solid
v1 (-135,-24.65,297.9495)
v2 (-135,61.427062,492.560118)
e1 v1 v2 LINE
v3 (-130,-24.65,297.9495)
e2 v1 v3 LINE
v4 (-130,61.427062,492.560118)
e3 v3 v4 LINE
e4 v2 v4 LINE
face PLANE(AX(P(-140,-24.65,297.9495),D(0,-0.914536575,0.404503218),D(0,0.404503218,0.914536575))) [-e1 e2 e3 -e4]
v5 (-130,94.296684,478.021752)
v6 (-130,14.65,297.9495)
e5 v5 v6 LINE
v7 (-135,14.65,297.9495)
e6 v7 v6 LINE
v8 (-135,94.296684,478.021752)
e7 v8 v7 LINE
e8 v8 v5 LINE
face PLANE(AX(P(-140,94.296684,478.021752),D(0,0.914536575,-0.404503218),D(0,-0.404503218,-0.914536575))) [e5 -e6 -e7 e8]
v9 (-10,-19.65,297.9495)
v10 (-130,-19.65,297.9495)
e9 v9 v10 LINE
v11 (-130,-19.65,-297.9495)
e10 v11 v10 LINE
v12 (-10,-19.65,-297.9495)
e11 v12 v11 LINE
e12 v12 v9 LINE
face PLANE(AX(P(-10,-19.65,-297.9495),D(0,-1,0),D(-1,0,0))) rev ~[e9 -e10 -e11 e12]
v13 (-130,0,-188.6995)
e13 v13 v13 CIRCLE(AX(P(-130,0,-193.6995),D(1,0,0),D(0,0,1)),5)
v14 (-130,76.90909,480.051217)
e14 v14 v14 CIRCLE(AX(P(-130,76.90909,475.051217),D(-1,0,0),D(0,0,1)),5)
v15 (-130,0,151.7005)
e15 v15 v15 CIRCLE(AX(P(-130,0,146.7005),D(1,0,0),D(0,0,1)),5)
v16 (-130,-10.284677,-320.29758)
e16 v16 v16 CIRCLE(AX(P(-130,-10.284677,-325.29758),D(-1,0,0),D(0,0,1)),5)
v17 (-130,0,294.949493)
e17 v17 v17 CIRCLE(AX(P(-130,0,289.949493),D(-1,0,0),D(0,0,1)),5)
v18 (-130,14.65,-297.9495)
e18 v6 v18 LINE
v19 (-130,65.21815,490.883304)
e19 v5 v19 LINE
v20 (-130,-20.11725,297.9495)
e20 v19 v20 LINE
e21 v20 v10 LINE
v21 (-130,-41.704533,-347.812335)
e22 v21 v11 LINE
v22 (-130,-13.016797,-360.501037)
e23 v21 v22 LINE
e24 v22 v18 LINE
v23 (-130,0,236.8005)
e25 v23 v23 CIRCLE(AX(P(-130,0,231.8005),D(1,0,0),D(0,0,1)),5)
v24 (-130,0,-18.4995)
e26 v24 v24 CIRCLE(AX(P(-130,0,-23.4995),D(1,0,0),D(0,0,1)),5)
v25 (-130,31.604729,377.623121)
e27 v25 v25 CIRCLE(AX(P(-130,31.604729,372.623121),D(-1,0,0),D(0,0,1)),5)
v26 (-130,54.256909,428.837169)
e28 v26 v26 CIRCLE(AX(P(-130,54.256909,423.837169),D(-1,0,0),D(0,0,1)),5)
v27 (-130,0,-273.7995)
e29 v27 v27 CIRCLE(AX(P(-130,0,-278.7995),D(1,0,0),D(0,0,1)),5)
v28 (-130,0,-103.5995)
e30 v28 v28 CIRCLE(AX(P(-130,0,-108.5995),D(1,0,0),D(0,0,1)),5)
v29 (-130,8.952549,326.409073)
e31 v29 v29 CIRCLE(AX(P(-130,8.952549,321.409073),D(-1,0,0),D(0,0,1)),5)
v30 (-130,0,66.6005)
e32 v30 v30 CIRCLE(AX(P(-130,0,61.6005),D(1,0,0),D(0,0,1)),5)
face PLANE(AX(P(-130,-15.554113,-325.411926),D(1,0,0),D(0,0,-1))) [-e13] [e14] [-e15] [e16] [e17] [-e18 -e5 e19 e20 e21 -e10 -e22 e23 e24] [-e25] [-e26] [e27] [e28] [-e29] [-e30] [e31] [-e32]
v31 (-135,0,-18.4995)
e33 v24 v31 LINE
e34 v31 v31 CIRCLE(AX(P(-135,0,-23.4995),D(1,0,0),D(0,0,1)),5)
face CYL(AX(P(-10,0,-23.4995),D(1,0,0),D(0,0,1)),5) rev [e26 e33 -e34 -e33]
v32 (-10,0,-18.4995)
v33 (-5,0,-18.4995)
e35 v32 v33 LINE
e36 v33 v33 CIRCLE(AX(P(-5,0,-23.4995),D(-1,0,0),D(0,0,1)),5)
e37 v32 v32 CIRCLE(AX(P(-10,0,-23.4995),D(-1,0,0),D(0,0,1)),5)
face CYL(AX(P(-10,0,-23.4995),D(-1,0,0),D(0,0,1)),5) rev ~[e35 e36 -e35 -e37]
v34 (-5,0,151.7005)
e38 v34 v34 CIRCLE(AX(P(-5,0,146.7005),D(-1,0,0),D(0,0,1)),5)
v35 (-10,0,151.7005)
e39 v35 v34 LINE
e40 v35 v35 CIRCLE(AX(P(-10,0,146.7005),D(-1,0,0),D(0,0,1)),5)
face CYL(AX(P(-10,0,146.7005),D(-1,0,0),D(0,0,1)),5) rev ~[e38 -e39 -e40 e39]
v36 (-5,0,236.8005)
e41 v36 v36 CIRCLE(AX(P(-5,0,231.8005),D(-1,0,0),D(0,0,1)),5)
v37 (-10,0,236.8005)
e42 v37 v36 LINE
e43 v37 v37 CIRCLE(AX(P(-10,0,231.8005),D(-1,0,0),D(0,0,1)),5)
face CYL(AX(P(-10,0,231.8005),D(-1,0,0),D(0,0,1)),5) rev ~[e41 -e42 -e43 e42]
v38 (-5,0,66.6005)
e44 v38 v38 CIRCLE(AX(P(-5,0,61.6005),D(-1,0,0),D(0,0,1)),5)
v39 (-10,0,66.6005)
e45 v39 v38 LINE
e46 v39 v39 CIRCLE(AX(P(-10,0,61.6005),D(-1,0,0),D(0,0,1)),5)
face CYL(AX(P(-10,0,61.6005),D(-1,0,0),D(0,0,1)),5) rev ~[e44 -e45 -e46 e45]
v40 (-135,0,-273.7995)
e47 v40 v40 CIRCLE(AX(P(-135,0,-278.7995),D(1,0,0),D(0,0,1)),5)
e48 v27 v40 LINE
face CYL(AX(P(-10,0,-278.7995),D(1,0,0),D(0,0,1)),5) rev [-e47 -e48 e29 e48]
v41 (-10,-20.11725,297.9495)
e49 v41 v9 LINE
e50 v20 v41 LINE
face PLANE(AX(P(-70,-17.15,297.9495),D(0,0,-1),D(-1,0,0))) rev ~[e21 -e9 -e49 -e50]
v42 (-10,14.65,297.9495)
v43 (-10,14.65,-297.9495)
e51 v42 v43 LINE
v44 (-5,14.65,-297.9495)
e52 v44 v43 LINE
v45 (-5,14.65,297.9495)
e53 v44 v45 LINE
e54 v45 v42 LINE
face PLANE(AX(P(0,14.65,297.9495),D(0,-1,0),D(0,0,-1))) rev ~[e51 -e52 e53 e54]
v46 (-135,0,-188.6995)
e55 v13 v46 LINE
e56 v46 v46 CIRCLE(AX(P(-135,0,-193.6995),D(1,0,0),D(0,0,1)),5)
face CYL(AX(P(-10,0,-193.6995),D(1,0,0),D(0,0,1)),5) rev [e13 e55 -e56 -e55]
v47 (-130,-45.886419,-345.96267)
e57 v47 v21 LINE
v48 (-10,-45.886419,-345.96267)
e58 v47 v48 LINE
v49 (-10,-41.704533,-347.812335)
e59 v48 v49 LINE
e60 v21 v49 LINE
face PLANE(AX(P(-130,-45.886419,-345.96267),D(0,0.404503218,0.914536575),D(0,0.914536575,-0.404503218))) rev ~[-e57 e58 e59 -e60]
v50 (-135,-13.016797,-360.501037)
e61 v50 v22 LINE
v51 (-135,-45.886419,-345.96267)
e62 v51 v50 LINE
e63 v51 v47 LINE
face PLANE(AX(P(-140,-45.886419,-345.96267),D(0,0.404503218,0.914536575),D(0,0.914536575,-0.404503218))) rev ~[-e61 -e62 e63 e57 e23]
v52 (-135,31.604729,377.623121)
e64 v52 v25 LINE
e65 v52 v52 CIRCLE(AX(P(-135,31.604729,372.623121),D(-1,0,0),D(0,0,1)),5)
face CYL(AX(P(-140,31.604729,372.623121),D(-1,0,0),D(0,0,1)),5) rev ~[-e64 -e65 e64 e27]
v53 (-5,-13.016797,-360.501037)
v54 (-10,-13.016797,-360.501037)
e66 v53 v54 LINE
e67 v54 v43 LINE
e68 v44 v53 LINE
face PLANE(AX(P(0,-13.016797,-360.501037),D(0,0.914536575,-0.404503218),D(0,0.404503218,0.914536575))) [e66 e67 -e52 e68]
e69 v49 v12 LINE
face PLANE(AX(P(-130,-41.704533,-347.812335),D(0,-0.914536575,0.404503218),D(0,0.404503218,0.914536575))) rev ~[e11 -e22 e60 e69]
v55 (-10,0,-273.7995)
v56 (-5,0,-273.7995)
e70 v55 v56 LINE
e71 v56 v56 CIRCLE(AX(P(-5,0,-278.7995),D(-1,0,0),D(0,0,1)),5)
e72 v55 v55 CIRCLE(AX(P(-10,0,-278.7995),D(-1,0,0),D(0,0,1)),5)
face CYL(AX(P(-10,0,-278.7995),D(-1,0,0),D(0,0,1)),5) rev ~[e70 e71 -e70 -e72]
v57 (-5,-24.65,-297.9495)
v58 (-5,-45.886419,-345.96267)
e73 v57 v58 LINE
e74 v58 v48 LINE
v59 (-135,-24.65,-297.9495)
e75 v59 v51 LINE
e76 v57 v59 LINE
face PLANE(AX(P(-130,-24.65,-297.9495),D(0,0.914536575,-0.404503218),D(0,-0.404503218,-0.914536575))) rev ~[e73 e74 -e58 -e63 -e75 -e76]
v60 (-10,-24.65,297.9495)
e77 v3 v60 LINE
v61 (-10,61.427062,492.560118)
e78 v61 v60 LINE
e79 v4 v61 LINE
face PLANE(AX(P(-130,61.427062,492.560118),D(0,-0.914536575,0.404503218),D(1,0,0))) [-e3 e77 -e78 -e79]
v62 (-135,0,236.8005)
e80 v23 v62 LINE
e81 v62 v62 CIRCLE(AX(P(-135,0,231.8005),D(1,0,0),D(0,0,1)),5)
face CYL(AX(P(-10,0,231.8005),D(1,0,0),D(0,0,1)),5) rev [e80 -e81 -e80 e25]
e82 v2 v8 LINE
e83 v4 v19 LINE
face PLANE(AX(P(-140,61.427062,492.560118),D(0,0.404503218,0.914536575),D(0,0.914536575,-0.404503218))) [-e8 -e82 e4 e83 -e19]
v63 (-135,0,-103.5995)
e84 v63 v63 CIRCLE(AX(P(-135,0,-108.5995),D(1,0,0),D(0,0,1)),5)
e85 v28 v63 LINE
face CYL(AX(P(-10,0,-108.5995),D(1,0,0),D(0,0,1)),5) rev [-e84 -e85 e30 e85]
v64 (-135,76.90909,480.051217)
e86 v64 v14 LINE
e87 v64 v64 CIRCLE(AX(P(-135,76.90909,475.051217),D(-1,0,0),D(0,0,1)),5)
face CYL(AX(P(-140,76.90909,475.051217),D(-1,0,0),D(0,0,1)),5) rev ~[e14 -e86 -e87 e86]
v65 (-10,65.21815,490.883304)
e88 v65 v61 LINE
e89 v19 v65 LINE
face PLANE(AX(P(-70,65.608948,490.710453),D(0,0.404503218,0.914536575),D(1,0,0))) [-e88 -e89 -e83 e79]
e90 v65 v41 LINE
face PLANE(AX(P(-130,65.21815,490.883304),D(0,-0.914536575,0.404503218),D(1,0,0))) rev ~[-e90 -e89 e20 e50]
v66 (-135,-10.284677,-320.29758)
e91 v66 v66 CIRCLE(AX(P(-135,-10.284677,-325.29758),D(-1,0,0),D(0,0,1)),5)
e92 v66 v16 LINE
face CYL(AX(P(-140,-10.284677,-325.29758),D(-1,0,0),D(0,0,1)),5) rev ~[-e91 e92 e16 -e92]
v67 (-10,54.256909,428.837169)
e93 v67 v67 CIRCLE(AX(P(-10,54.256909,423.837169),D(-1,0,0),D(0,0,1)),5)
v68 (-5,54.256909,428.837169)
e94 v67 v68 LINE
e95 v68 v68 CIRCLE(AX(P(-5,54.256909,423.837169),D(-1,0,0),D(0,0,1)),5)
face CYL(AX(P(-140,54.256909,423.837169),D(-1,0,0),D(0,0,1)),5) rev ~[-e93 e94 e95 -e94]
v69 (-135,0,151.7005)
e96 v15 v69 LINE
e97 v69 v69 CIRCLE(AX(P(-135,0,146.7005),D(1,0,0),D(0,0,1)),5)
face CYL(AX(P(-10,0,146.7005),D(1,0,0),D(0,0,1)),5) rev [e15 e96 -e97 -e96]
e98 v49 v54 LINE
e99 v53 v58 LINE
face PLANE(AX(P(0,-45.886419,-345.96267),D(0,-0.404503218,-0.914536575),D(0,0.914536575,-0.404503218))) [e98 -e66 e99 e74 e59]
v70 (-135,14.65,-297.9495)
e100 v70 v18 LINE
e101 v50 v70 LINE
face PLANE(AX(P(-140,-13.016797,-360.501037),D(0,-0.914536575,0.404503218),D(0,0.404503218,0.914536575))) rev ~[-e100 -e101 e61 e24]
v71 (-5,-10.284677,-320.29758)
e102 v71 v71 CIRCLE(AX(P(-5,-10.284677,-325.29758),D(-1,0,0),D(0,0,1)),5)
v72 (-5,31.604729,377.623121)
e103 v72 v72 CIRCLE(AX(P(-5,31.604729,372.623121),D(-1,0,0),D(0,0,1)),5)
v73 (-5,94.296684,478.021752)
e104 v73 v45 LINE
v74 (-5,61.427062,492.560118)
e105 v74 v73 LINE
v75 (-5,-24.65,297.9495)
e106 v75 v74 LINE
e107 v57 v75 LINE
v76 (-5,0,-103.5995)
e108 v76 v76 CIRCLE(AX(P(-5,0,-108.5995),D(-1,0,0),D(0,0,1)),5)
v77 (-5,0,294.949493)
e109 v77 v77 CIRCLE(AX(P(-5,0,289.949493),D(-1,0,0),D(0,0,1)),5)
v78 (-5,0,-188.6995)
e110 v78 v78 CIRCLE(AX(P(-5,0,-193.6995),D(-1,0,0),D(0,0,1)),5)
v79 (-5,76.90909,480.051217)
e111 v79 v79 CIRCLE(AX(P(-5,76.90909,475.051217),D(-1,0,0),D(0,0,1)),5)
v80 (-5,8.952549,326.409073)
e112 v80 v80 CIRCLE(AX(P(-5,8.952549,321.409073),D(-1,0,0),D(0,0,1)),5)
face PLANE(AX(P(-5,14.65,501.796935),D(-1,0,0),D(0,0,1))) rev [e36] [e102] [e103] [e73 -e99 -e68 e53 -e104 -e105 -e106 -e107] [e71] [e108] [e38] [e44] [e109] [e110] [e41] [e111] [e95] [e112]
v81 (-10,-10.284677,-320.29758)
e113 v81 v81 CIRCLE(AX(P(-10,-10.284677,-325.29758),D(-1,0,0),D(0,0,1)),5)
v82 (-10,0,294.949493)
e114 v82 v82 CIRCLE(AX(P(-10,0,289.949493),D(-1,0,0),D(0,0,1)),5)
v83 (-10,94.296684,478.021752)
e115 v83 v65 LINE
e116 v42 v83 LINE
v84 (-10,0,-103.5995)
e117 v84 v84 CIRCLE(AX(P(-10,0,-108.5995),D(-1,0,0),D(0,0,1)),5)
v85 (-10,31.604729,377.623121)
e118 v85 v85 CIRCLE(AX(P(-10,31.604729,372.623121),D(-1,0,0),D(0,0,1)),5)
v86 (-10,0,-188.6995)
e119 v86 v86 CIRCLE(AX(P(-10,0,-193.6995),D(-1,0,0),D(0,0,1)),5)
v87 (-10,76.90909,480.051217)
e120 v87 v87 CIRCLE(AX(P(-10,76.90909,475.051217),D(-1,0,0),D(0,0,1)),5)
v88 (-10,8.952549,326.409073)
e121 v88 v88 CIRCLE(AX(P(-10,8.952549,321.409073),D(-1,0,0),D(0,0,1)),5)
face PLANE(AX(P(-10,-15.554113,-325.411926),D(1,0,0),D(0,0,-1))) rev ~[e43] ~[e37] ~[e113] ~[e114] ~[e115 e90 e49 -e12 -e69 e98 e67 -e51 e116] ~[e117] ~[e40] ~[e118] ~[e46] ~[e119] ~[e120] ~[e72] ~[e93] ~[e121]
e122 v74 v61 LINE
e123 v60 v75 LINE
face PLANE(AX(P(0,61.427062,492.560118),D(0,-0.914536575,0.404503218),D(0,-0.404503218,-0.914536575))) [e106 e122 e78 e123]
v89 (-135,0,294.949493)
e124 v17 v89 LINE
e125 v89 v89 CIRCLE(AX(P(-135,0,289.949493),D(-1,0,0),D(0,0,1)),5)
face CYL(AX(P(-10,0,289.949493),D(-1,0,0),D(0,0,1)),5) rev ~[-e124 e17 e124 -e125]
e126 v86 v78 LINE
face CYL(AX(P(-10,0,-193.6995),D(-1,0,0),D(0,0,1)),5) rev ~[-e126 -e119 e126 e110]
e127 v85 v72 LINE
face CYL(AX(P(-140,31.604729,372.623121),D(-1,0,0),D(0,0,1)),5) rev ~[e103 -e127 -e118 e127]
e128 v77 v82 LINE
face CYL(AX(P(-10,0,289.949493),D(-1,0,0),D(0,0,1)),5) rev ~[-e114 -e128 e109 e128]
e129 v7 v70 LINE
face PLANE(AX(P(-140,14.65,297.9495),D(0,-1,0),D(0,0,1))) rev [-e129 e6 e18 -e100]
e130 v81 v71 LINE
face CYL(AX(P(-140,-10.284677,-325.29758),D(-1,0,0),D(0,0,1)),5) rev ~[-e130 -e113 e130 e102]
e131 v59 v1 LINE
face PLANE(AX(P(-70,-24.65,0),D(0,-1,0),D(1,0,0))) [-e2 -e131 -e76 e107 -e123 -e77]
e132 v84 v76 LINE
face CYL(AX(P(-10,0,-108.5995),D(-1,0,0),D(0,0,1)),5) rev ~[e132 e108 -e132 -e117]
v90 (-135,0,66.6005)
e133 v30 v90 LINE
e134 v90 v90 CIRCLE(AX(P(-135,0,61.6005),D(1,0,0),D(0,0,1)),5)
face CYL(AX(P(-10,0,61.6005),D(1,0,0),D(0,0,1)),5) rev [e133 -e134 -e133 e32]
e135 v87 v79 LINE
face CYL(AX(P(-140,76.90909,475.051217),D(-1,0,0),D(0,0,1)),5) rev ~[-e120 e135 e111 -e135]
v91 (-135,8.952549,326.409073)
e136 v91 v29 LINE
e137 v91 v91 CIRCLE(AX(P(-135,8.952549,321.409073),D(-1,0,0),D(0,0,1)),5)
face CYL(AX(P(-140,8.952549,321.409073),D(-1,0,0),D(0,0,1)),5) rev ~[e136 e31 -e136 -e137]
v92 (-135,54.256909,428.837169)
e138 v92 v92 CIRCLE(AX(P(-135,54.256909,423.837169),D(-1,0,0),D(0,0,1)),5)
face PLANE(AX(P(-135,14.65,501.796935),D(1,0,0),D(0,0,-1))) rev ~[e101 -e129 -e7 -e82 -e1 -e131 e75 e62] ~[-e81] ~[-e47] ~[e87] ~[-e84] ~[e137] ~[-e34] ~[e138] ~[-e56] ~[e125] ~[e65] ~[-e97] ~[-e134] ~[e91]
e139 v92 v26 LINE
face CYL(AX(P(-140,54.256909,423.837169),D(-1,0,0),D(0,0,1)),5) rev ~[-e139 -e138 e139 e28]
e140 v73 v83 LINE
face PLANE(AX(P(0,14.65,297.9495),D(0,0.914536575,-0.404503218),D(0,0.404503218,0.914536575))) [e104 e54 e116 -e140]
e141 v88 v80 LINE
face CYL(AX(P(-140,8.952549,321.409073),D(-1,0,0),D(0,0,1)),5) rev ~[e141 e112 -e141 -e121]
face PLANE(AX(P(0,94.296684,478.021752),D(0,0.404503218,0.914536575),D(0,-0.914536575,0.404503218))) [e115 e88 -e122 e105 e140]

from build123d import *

# Parameters (mm, degrees)
SKETCH1_W            = 595.899
SKETCH1_H            = 29.3
BOSS_EXTRUDE1_DEPTH  = 10
SKETCH2_W            = 140
SKETCH2_H            = 595.899
BOSS_EXTRUDE2_DEPTH  = 10
SKETCH4_R            = 5
CUT_EXTRUDE1_DEPTH   = 1000
BOSS_EXTRUDE5_DEPTH  = 10
BOSS_EXTRUDE6_DEPTH  = 10
BOSS_EXTRUDE7_REACH  = 759.768
SKETCH9_W            = 120
SKETCH9_H            = 9.145365746
SKETCH18_W           = 120
SKETCH18_H           = 5
CUT_EXTRUDE4_DEPTH   = 595.899
BOSS_EXTRUDE8_DEPTH  = 10
BOSS_EXTRUDE9_DEPTH  = 10
BOSS_EXTRUDE11_DEPTH = 120
SKETCH15_R           = 5
CUT_EXTRUDE2_DEPTH   = 200
SKETCH16_R           = 5
CUT_EXTRUDE3_DEPTH   = 200
CUT_EXTRUDE5_REACH   = 825.564
SKETCH21_W           = 120
SKETCH21_H           = 5
CUT_EXTRUDE6_DEPTH   = 500


with BuildPart() as part:
    # Sketch1 → Boss-Extrude1 (new body)
    with BuildSketch(Plane(origin=(0, 0, 0), x_dir=(0, 0, -1), z_dir=(1, 0, 0))):
        Rectangle(SKETCH1_W, SKETCH1_H)
    boss_extrude1 = extrude(amount=-BOSS_EXTRUDE1_DEPTH)

    # Sketch2 → Boss-Extrude2 (add)
    with BuildSketch(Plane.XZ.offset(14.65)):
        with Locations((-70, 0)):
            Rectangle(SKETCH2_W, SKETCH2_H)
    extrude(amount=BOSS_EXTRUDE2_DEPTH)

    # Mirror2: Boss-Extrude1 across plane
    add(boss_extrude1.mirror(Plane.ZY.offset(70)))

    # Sketch4 → Cut-Extrude1 (cut, symmetric)
    with BuildSketch(Plane.ZY.offset(10)):
        with Locations((-278.7995, 0)):
            Circle(SKETCH4_R)
        with Locations((-193.6995, 0)):
            Circle(SKETCH4_R)
        with Locations((-108.5995, 0)):
            Circle(SKETCH4_R)
        with Locations((-23.4995, 0)):
            Circle(SKETCH4_R)
        with Locations((61.6005, 0)):
            Circle(SKETCH4_R)
        with Locations((146.7005, 0)):
            Circle(SKETCH4_R)
        with Locations((231.8005, 0)):
            Circle(SKETCH4_R)
        with Locations((289.949492565, 0)):
            Circle(SKETCH4_R)
    extrude(amount=CUT_EXTRUDE1_DEPTH, both=True, mode=Mode.SUBTRACT)

    # Sketch7 → Boss-Extrude5 (add)
    with BuildSketch(Plane.ZY.offset(140)):
        Polygon((297.9495, -24.65), (492.560117959, 61.427061861), (478.021751538, 94.296683709), (297.9495, 14.65), align=None)
    extrude(amount=-BOSS_EXTRUDE5_DEPTH)

    # Sketch8 → Boss-Extrude6 (add)
    with BuildSketch(Plane(origin=(0, 0, 0), x_dir=(0, 0, -1), z_dir=(1, 0, 0))):
        Polygon((-297.9495, 14.65), (-478.021751538, 94.296683709), (-492.560117959, 61.427061861), (-297.9495, -24.65), align=None)
    extrude(amount=-BOSS_EXTRUDE6_DEPTH)

    # Boss-Extrude7: up to this face of the body (flat: up to its plane)
    boss_extrude7_end = Plane(part.part.faces().sort_by_distance((-70, -19.65, 297.9495))[0])
    # Sketch9 → Boss-Extrude7 (add, up to the picked face)
    with BuildSketch(Plane(origin=(0, 192.265107265, 434.689922355), x_dir=(1, 0, 0), z_dir=(0, 0.404503218, 0.914536575)), mode=Mode.PRIVATE) as boss_extrude7_sk1:
        with Locations((-70, -138.492175371)):
            Rectangle(SKETCH9_W, SKETCH9_H)
    boss_extrude7_tool1 = split(extrude(boss_extrude7_sk1.sketch, amount=-BOSS_EXTRUDE7_REACH, mode=Mode.PRIVATE), bisect_by=boss_extrude7_end, keep=Keep.BOTH, mode=Mode.PRIVATE)
    add(boss_extrude7_tool1.solids().sort_by_distance((-70, 65.608948, 490.710453))[0])

    # Sketch18 → Cut-Extrude4 (cut)
    with BuildSketch(Plane(origin=(0, 0, -297.9495), x_dir=(-1, 0, 0), z_dir=(0, 0, -1))):
        with Locations((70, -17.15)):
            Rectangle(SKETCH18_W, SKETCH18_H)
    extrude(amount=-CUT_EXTRUDE4_DEPTH, mode=Mode.SUBTRACT)

    # Sketch10 → Boss-Extrude8 (add)
    with BuildSketch(Plane.ZY.offset(140)):
        Polygon((-297.9495, -24.65), (-345.962670166, -45.886418968), (-360.501036587, -13.016797119), (-297.9495, 14.65), align=None)
    extrude(amount=-BOSS_EXTRUDE8_DEPTH)

    # Sketch11 → Boss-Extrude9 (add)
    with BuildSketch(Plane(origin=(0, 0, 0), x_dir=(0, 0, -1), z_dir=(1, 0, 0))):
        Polygon((297.9495, -24.65), (345.962670166, -45.886418968), (360.501036587, -13.016797119), (297.9495, 14.65), align=None)
    extrude(amount=-BOSS_EXTRUDE9_DEPTH)

    # Sketch14 → Boss-Extrude11 (add)
    with BuildSketch(Plane(origin=(-130, 0, 0), x_dir=(0, 0, -1), z_dir=(1, 0, 0))):
        Polygon((297.9495, -24.65), (345.962670166, -45.886418968), (347.812335105, -41.704533236), (297.9495, -19.65), align=None)
    extrude(amount=BOSS_EXTRUDE11_DEPTH)

    # Sketch15 → Cut-Extrude2 (cut)
    with BuildSketch(Plane.ZY.offset(140)):
        with Locations((321.409072715, 8.952548986)):
            Circle(SKETCH15_R)
        with Locations((372.623120892, 31.604729219)):
            Circle(SKETCH15_R)
        with Locations((423.83716907, 54.256909451)):
            Circle(SKETCH15_R)
        with Locations((475.051217247, 76.909089683)):
            Circle(SKETCH15_R)
    extrude(amount=-CUT_EXTRUDE2_DEPTH, mode=Mode.SUBTRACT)

    # Sketch16 → Cut-Extrude3 (cut)
    with BuildSketch(Plane.ZY.offset(140)):
        with Locations((-325.297580118, -10.284676689)):
            Circle(SKETCH16_R)
    extrude(amount=-CUT_EXTRUDE3_DEPTH, mode=Mode.SUBTRACT)

    # Cut-Extrude5: up to this face of the body (flat: up to its plane)
    cut_extrude5_end = Plane(part.part.faces().sort_by_distance((-70, -17.15, 297.9495))[0])
    # Sketch21 → Cut-Extrude5 (cut, up to the picked face)
    with BuildSketch(Plane(origin=(0, 192.265107265, 434.689922355), x_dir=(1, 0, 0), z_dir=(0, 0.404503218, 0.914536575)), mode=Mode.PRIVATE) as cut_extrude5_sk1:
        with Locations((-70, -136.419492498)):
            Rectangle(SKETCH21_W, SKETCH21_H)
    cut_extrude5_tool1 = split(extrude(cut_extrude5_sk1.sketch, amount=-CUT_EXTRUDE5_REACH, mode=Mode.PRIVATE), bisect_by=cut_extrude5_end, keep=Keep.BOTH, mode=Mode.PRIVATE)
    add(cut_extrude5_tool1.solids().sort_by_distance((-70, 67.504492, 489.872046))[0], mode=Mode.SUBTRACT)

    # Sketch23 → Cut-Extrude6 (cut, symmetric)
    with BuildSketch(Plane(origin=(0, 14.65, 0), x_dir=(1, 0, 0), z_dir=(0, 1, 0))):
        Polygon((-140, -297.9495), (-140, 297.9495), (-140, 372.239264408), (-135, 372.239264408), (-135, 297.9495), (-135, -297.9495), (-135, -501.796935229), (-140, -501.796935229), align=None)
    cut_extrude6 = extrude(amount=CUT_EXTRUDE6_DEPTH, both=True, mode=Mode.SUBTRACT)

    # Mirror3: Cut-Extrude6 across plane
    add(cut_extrude6.mirror(Plane.ZY.offset(70)), mode=Mode.SUBTRACT)


solid = part.part
